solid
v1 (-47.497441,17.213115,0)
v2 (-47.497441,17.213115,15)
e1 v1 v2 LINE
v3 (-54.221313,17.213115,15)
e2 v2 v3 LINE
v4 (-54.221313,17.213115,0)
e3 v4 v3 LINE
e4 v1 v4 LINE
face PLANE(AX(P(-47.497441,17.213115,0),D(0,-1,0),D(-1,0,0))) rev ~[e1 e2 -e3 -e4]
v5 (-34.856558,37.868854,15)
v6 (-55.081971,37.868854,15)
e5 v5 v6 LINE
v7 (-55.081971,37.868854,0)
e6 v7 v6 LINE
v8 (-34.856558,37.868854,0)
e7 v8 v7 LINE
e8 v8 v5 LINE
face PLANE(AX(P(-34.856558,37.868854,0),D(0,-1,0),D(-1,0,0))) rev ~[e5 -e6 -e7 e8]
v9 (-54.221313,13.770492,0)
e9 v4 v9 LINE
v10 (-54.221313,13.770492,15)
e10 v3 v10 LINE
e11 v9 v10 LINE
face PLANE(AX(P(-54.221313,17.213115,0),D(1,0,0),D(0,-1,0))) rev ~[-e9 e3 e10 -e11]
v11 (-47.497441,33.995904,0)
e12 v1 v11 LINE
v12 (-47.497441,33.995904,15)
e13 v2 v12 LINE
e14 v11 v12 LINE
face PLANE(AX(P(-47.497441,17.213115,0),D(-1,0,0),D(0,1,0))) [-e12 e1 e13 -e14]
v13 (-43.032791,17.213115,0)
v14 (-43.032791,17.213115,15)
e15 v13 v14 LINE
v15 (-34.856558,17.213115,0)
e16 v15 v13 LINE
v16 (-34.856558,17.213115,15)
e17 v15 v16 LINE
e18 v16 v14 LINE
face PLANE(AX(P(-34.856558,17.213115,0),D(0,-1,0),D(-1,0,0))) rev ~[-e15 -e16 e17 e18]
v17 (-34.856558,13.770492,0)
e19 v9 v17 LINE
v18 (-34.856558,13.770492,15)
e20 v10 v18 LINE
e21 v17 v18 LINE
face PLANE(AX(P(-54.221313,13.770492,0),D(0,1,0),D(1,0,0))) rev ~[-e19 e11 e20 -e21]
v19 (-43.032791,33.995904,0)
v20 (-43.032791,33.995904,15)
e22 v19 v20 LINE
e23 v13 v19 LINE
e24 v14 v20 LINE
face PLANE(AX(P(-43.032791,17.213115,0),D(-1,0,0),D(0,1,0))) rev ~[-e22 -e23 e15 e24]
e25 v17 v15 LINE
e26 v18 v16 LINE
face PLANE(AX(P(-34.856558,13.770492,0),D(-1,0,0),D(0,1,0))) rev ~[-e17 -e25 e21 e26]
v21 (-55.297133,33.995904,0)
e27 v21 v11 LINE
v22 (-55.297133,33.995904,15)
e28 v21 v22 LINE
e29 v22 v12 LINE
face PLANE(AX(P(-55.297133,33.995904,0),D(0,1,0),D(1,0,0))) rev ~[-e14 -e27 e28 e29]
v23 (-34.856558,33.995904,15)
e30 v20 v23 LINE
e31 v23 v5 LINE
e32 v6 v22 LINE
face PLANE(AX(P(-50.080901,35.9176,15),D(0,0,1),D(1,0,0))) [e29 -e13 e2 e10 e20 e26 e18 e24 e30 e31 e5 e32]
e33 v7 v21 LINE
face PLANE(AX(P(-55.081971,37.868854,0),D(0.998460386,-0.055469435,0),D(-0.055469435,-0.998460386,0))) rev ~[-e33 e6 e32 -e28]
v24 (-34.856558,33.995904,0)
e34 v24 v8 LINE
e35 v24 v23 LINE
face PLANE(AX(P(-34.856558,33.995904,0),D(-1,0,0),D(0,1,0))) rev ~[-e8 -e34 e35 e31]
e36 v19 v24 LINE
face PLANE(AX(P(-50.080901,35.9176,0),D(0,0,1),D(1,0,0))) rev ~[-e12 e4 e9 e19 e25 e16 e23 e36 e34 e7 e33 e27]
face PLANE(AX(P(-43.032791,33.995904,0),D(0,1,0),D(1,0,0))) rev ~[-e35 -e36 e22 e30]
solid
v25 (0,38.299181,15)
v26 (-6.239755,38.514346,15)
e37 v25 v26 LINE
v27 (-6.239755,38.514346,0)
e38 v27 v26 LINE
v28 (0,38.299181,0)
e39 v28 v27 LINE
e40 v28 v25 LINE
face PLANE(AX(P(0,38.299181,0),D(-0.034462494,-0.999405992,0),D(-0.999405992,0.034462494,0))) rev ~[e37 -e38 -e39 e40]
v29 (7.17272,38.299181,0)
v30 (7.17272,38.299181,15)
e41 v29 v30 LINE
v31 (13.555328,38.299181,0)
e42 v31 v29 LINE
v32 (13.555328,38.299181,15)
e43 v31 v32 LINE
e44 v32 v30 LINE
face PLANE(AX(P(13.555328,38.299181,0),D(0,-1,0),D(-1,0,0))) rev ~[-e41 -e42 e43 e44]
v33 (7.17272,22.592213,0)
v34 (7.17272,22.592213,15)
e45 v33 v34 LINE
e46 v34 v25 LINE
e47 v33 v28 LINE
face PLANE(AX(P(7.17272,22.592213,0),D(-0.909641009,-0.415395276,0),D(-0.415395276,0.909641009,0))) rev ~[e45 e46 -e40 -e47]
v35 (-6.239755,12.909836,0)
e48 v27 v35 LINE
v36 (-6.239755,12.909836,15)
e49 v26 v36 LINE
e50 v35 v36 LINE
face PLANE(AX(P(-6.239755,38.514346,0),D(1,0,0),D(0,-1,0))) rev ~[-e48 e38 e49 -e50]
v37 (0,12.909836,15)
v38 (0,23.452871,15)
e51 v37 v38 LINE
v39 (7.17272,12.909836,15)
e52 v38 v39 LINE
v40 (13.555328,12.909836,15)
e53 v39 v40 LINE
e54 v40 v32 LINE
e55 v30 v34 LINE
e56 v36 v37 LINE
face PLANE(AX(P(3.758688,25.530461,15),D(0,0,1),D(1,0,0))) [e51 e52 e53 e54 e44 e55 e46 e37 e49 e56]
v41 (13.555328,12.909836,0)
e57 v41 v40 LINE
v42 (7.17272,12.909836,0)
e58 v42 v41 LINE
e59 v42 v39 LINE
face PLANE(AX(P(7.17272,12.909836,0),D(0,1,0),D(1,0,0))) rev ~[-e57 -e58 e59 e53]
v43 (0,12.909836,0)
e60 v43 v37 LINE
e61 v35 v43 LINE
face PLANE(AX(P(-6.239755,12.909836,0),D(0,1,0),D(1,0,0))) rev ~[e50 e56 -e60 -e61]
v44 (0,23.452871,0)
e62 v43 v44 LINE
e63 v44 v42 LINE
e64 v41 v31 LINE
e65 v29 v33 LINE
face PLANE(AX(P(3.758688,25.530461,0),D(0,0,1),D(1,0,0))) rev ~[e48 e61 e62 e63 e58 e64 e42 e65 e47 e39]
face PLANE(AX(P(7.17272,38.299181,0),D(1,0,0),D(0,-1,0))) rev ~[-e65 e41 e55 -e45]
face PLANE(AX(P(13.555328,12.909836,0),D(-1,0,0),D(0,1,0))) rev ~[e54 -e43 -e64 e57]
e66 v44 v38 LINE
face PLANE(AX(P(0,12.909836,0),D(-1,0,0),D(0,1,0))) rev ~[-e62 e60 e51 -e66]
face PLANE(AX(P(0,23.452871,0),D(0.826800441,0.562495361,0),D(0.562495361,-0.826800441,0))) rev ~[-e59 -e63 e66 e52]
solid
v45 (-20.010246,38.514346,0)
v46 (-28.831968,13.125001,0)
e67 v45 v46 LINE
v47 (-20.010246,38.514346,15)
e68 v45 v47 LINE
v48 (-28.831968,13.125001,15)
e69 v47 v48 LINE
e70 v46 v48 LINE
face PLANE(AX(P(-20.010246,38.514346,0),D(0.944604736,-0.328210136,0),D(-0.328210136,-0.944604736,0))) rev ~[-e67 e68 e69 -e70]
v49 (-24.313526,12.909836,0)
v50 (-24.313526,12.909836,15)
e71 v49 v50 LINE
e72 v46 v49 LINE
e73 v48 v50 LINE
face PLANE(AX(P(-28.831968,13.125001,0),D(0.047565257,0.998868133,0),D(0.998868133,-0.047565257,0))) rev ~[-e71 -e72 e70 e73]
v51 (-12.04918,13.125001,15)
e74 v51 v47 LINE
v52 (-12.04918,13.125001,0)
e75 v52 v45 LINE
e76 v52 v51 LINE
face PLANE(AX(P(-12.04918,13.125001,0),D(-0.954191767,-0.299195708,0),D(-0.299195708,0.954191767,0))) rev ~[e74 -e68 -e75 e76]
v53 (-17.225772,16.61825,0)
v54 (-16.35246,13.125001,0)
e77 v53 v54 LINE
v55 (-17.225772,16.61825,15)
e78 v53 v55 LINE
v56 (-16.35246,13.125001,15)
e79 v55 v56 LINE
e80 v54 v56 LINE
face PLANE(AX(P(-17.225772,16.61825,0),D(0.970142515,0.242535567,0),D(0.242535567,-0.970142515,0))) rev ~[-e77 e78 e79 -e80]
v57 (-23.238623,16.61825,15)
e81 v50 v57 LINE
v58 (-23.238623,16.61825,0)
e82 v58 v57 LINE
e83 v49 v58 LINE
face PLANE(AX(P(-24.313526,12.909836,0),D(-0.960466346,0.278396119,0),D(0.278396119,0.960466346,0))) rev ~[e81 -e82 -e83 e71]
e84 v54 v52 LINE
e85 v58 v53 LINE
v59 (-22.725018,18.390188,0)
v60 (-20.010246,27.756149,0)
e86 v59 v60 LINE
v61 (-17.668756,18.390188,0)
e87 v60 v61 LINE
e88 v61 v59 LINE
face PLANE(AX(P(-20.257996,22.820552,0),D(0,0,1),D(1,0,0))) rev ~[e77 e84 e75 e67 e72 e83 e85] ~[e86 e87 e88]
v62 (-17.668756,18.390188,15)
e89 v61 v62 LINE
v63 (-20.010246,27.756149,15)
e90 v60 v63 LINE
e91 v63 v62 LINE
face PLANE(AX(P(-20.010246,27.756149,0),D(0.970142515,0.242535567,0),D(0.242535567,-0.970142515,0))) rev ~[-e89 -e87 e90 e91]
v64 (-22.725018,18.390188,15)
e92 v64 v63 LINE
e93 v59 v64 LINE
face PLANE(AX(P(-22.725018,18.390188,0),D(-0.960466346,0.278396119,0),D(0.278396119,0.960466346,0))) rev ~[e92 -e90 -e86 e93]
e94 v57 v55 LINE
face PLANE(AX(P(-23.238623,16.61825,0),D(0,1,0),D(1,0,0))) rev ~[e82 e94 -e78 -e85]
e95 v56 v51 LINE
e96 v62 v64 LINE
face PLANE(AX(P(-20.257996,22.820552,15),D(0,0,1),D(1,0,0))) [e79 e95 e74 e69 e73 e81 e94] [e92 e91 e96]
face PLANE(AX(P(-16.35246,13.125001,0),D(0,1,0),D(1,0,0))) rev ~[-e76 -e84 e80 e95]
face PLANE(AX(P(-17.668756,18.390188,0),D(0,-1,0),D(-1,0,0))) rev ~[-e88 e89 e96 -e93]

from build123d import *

# Parameters (mm, degrees)
F0_W     = 1.9364729524
F0_H     = 16.7827885598
F0_W_2   = 2.528176643
F1_DEPTH = 15


with BuildPart() as f1:
    # F0 (on Top) → F1 (new body)
    with BuildSketch(Plane.XY):
        Polygon((-44.9692644179, 33.9959040284), (-44.9692644179, 37.8688536584), (-50.0256177038, 37.8688536584), (-55.0819709897, 37.8688536584), (-55.2971325815, 33.9959040284), (-47.4974410608, 33.9959040284), align=None)
        Polygon((-34.8565578461, 37.8688536584), (-44.9692644179, 37.8688536584), (-44.9692644179, 33.9959040284), (-43.0327914655, 33.9959040284), (-34.8565578461, 33.9959040284), align=None)
        Polygon((-44.9692644179, 13.7704918161), (-44.9692644179, 17.2131154686), (-47.4974410608, 17.2131154686), (-54.2213134468, 17.2131154686), (-54.2213134468, 13.7704918161), align=None)
        Polygon((-43.0327914655, 17.2131154686), (-44.9692644179, 17.2131154686), (-44.9692644179, 13.7704918161), (-34.8565578461, 13.7704918161), (-34.8565578461, 17.2131154686), align=None)
        with Locations((-44.0010279417, 25.6045097485)):
            Rectangle(F0_W, F0_H)
        with Locations((-46.2333527394, 25.6045097485)):
            Rectangle(F0_W_2, F0_H)
    extrude(amount=F1_DEPTH)


with BuildPart() as f1b:
    # F0 (on Top) → F1, piece 2 (new body)
    with BuildSketch(Plane.XY):
        Polygon((-28.831968084, 13.1250005215), (-24.3135262281, 12.9098361358), (-23.2386233684, 16.6182499781), (-22.7250179254, 18.3901882674), (-20.0102459639, 27.7561489493), (-17.6687563896, 18.3901882674), (-17.2257719301, 16.6182499781), (-16.3524597883, 13.1250005215), (-12.0491804555, 13.1250005215), (-20.0102459639, 38.5143458843), align=None)
        Polygon((-22.7250179254, 18.3901882674), (-23.2386233684, 16.6182499781), (-17.2257719301, 16.6182499781), (-17.6687563896, 18.3901882674), align=None)
    extrude(amount=F1_DEPTH)


with BuildPart() as f1c:
    # F0 (on Top) → F1, piece 3 (new body)
    with BuildSketch(Plane.XY):
        Polygon((-6.2397546135, 12.9098361358), (0, 12.9098361358), (0, 23.4528705478), (7.1727198629, 12.9098361358), (13.5553283617, 12.9098361358), (13.5553283617, 38.2991805673), (7.1727198629, 38.2991805673), (7.1727198629, 22.5922130048), (0, 38.2991805673), (-6.2397546135, 38.5143458843), align=None)
    extrude(amount=F1_DEPTH)


solid = Compound([f1.part, f1b.part, f1c.part])
